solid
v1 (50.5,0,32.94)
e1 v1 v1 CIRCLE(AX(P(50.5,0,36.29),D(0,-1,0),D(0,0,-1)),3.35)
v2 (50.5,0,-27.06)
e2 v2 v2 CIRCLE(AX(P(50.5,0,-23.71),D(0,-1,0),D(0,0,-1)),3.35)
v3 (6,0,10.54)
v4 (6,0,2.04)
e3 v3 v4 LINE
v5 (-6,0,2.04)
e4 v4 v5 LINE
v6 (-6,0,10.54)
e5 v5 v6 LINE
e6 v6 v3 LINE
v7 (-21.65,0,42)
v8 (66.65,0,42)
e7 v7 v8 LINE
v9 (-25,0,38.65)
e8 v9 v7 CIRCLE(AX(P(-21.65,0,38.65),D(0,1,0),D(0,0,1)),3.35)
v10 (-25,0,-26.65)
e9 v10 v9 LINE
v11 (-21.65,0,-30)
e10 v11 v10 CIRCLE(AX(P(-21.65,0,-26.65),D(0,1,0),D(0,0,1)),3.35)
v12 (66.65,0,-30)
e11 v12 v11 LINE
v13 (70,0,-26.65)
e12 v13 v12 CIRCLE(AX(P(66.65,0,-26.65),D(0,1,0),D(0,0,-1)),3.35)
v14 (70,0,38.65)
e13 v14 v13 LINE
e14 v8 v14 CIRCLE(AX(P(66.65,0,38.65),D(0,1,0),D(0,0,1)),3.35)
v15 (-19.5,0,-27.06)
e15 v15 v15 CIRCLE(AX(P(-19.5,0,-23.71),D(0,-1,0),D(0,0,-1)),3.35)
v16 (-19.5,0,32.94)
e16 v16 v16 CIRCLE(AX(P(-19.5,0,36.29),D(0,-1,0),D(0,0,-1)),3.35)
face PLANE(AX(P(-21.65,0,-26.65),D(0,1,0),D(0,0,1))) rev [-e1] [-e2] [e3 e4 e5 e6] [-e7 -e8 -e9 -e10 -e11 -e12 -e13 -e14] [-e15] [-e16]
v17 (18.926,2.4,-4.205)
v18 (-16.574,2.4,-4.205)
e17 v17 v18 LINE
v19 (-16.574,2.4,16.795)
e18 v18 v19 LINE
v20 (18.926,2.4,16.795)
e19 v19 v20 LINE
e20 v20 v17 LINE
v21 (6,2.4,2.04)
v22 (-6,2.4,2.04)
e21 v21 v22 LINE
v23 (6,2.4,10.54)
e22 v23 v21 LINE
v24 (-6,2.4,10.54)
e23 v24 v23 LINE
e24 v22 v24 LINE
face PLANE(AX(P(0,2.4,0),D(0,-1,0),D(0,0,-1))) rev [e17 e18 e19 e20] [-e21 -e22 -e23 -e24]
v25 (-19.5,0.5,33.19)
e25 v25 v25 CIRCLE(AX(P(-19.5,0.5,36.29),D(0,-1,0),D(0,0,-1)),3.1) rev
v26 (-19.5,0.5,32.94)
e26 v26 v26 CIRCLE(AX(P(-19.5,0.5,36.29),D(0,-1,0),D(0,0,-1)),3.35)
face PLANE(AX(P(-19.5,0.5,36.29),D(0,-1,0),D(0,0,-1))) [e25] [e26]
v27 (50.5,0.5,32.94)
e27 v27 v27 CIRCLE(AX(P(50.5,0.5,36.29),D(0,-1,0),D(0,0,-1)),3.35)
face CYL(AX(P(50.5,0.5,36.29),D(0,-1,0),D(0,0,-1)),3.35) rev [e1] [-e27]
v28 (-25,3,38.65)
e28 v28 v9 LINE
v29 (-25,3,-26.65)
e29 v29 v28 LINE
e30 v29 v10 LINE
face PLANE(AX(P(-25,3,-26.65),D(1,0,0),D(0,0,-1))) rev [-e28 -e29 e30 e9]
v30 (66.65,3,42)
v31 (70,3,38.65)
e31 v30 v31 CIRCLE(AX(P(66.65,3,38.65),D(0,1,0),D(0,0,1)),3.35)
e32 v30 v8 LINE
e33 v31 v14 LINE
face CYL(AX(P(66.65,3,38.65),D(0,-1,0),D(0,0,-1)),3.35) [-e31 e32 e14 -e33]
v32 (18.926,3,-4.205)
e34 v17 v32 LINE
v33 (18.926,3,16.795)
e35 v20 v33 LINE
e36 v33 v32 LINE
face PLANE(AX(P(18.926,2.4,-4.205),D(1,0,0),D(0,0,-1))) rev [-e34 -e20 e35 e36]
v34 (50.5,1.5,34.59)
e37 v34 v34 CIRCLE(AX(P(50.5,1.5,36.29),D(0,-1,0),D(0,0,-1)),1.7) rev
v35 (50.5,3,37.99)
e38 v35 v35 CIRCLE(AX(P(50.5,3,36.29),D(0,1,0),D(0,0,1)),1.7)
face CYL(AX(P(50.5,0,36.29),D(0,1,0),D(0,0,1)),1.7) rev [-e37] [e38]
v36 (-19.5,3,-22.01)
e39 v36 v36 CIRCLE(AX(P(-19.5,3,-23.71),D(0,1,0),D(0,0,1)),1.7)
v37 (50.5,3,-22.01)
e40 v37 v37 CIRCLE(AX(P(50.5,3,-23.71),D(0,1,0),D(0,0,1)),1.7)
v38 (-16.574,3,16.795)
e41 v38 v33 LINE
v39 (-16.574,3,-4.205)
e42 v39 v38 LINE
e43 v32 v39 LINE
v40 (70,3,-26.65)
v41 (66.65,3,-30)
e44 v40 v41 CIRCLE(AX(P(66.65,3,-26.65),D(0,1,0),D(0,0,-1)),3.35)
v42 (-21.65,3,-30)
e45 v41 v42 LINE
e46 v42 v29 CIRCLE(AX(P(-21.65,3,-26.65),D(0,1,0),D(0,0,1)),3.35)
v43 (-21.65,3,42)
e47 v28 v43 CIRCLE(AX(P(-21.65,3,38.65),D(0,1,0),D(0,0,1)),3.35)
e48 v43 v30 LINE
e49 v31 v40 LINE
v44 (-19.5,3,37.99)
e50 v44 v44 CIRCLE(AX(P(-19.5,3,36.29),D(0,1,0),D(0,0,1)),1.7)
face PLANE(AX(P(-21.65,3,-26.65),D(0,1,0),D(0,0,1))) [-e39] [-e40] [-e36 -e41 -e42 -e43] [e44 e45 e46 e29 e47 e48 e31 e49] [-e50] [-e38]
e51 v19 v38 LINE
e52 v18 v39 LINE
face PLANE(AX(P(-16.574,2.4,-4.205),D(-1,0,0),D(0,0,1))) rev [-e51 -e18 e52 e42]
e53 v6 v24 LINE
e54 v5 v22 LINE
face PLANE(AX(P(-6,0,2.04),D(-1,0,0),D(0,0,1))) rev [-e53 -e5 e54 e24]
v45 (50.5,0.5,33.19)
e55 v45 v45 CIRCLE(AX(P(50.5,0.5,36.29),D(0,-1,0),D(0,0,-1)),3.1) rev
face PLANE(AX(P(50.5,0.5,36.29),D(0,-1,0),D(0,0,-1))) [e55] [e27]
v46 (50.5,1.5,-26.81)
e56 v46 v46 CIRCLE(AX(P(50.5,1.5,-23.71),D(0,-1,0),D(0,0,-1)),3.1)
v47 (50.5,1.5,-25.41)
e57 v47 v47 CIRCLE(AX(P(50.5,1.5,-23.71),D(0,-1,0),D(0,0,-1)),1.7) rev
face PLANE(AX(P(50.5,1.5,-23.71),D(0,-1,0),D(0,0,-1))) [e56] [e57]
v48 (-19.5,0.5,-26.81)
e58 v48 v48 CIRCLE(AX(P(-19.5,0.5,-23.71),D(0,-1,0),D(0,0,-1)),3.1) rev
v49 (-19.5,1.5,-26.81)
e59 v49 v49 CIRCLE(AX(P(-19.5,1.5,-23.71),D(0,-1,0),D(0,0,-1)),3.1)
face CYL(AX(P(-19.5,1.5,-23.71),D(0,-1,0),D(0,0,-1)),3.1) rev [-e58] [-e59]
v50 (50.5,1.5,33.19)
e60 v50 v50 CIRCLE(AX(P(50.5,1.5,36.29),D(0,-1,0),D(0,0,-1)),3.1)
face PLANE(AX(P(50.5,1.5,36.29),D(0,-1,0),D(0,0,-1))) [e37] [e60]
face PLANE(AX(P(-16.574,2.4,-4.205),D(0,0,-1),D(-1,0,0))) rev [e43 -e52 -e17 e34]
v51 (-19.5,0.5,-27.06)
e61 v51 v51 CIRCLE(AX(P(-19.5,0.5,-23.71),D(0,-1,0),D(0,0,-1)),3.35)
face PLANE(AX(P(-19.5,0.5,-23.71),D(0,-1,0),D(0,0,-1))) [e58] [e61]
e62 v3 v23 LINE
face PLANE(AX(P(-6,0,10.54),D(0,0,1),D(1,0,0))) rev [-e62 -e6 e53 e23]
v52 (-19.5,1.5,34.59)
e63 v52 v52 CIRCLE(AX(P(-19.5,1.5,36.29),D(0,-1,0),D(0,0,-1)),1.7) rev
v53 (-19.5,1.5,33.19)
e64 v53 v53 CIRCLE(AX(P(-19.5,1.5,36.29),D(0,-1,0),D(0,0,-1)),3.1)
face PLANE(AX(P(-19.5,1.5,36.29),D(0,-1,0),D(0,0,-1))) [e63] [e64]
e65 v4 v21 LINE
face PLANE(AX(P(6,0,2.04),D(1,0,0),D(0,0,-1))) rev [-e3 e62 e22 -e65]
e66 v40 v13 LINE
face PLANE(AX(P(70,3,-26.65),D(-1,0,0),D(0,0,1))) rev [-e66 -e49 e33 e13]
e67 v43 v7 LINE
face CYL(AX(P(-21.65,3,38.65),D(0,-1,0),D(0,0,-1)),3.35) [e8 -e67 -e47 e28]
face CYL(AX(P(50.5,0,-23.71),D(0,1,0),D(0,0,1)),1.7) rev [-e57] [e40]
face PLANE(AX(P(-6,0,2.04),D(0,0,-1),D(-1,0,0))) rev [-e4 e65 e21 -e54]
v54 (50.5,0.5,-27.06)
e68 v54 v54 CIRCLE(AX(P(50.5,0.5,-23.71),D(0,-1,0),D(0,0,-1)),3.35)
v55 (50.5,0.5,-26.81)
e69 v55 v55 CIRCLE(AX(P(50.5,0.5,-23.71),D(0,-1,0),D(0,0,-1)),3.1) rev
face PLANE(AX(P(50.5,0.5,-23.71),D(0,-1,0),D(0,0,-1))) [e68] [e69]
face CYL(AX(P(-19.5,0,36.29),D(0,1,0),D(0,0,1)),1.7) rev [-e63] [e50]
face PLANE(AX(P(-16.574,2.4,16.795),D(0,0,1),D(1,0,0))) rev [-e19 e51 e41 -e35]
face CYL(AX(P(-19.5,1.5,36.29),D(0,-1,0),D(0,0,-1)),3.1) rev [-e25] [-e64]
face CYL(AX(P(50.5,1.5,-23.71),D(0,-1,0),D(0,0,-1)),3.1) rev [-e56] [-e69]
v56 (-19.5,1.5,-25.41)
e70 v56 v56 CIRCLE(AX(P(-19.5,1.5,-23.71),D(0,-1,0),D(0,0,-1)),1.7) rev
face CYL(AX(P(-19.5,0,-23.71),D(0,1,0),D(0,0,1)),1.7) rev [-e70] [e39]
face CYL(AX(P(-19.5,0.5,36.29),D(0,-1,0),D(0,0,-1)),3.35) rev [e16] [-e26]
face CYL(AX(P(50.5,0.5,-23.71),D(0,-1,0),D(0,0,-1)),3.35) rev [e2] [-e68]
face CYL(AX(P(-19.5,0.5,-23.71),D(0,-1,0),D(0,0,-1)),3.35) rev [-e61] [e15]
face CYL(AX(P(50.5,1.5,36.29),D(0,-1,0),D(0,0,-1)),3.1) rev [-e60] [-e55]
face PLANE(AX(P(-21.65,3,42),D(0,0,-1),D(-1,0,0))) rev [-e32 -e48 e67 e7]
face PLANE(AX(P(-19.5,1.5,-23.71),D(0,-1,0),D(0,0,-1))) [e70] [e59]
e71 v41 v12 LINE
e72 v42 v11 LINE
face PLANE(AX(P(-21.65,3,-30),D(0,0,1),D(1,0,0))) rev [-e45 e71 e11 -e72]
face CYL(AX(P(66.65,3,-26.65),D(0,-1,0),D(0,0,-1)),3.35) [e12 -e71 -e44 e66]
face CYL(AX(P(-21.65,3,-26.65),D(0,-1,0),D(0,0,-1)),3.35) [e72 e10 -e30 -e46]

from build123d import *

# Parameters (mm, degrees)
EXTRUDE_2_DEPTH     = 3
SKETCH_11_R         = 1.7
CUT_EXTRUDE_2_DEPTH = 82.688432474
SKETCH_13_W         = 35.5
SKETCH_13_H         = 21
CUT_EXTRUDE_3_DEPTH = 0.6
SKETCH_14_W         = 12
SKETCH_14_H         = 8.5
CUT_EXTRUDE_4_DEPTH = 82.668598617
SKETCH_16_R         = 3.1
CUT_EXTRUDE_5_DEPTH = 1.5
SKETCH_17_R         = 3.35
CUT_EXTRUDE_6_DEPTH = 0.5


with BuildPart() as part:
    # 草图8 → 凸台-拉伸2 (new body)
    with BuildSketch(Plane(origin=(0, 0, 0), x_dir=(1, 0, 0), z_dir=(0, 1, 0))):
        with BuildLine():
            Line((-21.65, 30), (66.65, 30))
            ThreePointArc((66.65, 30), (69.018807717, 29.018807717), (70, 26.65))
            Line((70, 26.65), (70, -38.65))
            ThreePointArc((70, -38.65), (69.018807717, -41.018807717), (66.65, -42))
            Line((66.65, -42), (-21.65, -42))
            ThreePointArc((-21.65, -42), (-24.018807717, -41.018807717), (-25, -38.65))
            Line((-25, -38.65), (-25, 26.65))
            ThreePointArc((-25, 26.65), (-24.018807717, 29.018807717), (-21.65, 30))
        make_face()
    extrude(amount=EXTRUDE_2_DEPTH)

    # 草图11 → 切除-拉伸2 (cut, through all)
    with BuildSketch(Plane(origin=(0, 3, 0), x_dir=(1, 0, 0), z_dir=(0, 1, 0))):
        with Locations(Location((-19.5, 23.71, 0), (0, 0, 270))):
            Circle(SKETCH_11_R)
        with Locations(Location((-19.5, -36.29, 0), (0, 0, 270))):
            Circle(SKETCH_11_R)
        with Locations(Location((50.5, 23.71, 0), (0, 0, 270))):
            Circle(SKETCH_11_R)
        with Locations(Location((50.5, -36.29, 0), (0, 0, 270))):
            Circle(SKETCH_11_R)
    extrude(amount=-CUT_EXTRUDE_2_DEPTH, mode=Mode.SUBTRACT)

    # 草图13 → 切除-拉伸3 (cut)
    with BuildSketch(Plane(origin=(0, 3, 0), x_dir=(1, 0, 0), z_dir=(0, 1, 0))):
        with Locations((1.176, -6.295)):
            Rectangle(SKETCH_13_W, SKETCH_13_H)
    extrude(amount=-CUT_EXTRUDE_3_DEPTH, mode=Mode.SUBTRACT)

    # 草图14 → 切除-拉伸4 (cut, through all)
    with BuildSketch(Plane(origin=(0, 2.4, 0), x_dir=(1, 0, 0), z_dir=(0, 1, 0))):
        with Locations((0, -6.29)):
            Rectangle(SKETCH_14_W, SKETCH_14_H)
    extrude(amount=-CUT_EXTRUDE_4_DEPTH, mode=Mode.SUBTRACT)

    # 草图16 → 切除-拉伸5 (cut)
    with BuildSketch(Plane.XZ):
        with Locations(Location((-19.5, 36.29, 0), (0, 0, 270))):
            Circle(SKETCH_16_R)
        with Locations(Location((-19.5, -23.71, 0), (0, 0, 270))):
            Circle(SKETCH_16_R)
        with Locations(Location((50.5, 36.29, 0), (0, 0, 270))):
            Circle(SKETCH_16_R)
        with Locations(Location((50.5, -23.71, 0), (0, 0, 270))):
            Circle(SKETCH_16_R)
    extrude(amount=-CUT_EXTRUDE_5_DEPTH, mode=Mode.SUBTRACT)

    # 草图17 → 切除-拉伸6 (cut)
    with BuildSketch(Plane.XZ):
        with Locations(Location((-19.5, 36.29, 0), (0, 0, 270))):
            Circle(SKETCH_17_R)
        with Locations(Location((-19.5, -23.71, 0), (0, 0, 270))):
            Circle(SKETCH_17_R)
        with Locations(Location((50.5, 36.29, 0), (0, 0, 270))):
            Circle(SKETCH_17_R)
        with Locations(Location((50.5, -23.71, 0), (0, 0, 270))):
            Circle(SKETCH_17_R)
    extrude(amount=-CUT_EXTRUDE_6_DEPTH, mode=Mode.SUBTRACT)


solid = part.part
